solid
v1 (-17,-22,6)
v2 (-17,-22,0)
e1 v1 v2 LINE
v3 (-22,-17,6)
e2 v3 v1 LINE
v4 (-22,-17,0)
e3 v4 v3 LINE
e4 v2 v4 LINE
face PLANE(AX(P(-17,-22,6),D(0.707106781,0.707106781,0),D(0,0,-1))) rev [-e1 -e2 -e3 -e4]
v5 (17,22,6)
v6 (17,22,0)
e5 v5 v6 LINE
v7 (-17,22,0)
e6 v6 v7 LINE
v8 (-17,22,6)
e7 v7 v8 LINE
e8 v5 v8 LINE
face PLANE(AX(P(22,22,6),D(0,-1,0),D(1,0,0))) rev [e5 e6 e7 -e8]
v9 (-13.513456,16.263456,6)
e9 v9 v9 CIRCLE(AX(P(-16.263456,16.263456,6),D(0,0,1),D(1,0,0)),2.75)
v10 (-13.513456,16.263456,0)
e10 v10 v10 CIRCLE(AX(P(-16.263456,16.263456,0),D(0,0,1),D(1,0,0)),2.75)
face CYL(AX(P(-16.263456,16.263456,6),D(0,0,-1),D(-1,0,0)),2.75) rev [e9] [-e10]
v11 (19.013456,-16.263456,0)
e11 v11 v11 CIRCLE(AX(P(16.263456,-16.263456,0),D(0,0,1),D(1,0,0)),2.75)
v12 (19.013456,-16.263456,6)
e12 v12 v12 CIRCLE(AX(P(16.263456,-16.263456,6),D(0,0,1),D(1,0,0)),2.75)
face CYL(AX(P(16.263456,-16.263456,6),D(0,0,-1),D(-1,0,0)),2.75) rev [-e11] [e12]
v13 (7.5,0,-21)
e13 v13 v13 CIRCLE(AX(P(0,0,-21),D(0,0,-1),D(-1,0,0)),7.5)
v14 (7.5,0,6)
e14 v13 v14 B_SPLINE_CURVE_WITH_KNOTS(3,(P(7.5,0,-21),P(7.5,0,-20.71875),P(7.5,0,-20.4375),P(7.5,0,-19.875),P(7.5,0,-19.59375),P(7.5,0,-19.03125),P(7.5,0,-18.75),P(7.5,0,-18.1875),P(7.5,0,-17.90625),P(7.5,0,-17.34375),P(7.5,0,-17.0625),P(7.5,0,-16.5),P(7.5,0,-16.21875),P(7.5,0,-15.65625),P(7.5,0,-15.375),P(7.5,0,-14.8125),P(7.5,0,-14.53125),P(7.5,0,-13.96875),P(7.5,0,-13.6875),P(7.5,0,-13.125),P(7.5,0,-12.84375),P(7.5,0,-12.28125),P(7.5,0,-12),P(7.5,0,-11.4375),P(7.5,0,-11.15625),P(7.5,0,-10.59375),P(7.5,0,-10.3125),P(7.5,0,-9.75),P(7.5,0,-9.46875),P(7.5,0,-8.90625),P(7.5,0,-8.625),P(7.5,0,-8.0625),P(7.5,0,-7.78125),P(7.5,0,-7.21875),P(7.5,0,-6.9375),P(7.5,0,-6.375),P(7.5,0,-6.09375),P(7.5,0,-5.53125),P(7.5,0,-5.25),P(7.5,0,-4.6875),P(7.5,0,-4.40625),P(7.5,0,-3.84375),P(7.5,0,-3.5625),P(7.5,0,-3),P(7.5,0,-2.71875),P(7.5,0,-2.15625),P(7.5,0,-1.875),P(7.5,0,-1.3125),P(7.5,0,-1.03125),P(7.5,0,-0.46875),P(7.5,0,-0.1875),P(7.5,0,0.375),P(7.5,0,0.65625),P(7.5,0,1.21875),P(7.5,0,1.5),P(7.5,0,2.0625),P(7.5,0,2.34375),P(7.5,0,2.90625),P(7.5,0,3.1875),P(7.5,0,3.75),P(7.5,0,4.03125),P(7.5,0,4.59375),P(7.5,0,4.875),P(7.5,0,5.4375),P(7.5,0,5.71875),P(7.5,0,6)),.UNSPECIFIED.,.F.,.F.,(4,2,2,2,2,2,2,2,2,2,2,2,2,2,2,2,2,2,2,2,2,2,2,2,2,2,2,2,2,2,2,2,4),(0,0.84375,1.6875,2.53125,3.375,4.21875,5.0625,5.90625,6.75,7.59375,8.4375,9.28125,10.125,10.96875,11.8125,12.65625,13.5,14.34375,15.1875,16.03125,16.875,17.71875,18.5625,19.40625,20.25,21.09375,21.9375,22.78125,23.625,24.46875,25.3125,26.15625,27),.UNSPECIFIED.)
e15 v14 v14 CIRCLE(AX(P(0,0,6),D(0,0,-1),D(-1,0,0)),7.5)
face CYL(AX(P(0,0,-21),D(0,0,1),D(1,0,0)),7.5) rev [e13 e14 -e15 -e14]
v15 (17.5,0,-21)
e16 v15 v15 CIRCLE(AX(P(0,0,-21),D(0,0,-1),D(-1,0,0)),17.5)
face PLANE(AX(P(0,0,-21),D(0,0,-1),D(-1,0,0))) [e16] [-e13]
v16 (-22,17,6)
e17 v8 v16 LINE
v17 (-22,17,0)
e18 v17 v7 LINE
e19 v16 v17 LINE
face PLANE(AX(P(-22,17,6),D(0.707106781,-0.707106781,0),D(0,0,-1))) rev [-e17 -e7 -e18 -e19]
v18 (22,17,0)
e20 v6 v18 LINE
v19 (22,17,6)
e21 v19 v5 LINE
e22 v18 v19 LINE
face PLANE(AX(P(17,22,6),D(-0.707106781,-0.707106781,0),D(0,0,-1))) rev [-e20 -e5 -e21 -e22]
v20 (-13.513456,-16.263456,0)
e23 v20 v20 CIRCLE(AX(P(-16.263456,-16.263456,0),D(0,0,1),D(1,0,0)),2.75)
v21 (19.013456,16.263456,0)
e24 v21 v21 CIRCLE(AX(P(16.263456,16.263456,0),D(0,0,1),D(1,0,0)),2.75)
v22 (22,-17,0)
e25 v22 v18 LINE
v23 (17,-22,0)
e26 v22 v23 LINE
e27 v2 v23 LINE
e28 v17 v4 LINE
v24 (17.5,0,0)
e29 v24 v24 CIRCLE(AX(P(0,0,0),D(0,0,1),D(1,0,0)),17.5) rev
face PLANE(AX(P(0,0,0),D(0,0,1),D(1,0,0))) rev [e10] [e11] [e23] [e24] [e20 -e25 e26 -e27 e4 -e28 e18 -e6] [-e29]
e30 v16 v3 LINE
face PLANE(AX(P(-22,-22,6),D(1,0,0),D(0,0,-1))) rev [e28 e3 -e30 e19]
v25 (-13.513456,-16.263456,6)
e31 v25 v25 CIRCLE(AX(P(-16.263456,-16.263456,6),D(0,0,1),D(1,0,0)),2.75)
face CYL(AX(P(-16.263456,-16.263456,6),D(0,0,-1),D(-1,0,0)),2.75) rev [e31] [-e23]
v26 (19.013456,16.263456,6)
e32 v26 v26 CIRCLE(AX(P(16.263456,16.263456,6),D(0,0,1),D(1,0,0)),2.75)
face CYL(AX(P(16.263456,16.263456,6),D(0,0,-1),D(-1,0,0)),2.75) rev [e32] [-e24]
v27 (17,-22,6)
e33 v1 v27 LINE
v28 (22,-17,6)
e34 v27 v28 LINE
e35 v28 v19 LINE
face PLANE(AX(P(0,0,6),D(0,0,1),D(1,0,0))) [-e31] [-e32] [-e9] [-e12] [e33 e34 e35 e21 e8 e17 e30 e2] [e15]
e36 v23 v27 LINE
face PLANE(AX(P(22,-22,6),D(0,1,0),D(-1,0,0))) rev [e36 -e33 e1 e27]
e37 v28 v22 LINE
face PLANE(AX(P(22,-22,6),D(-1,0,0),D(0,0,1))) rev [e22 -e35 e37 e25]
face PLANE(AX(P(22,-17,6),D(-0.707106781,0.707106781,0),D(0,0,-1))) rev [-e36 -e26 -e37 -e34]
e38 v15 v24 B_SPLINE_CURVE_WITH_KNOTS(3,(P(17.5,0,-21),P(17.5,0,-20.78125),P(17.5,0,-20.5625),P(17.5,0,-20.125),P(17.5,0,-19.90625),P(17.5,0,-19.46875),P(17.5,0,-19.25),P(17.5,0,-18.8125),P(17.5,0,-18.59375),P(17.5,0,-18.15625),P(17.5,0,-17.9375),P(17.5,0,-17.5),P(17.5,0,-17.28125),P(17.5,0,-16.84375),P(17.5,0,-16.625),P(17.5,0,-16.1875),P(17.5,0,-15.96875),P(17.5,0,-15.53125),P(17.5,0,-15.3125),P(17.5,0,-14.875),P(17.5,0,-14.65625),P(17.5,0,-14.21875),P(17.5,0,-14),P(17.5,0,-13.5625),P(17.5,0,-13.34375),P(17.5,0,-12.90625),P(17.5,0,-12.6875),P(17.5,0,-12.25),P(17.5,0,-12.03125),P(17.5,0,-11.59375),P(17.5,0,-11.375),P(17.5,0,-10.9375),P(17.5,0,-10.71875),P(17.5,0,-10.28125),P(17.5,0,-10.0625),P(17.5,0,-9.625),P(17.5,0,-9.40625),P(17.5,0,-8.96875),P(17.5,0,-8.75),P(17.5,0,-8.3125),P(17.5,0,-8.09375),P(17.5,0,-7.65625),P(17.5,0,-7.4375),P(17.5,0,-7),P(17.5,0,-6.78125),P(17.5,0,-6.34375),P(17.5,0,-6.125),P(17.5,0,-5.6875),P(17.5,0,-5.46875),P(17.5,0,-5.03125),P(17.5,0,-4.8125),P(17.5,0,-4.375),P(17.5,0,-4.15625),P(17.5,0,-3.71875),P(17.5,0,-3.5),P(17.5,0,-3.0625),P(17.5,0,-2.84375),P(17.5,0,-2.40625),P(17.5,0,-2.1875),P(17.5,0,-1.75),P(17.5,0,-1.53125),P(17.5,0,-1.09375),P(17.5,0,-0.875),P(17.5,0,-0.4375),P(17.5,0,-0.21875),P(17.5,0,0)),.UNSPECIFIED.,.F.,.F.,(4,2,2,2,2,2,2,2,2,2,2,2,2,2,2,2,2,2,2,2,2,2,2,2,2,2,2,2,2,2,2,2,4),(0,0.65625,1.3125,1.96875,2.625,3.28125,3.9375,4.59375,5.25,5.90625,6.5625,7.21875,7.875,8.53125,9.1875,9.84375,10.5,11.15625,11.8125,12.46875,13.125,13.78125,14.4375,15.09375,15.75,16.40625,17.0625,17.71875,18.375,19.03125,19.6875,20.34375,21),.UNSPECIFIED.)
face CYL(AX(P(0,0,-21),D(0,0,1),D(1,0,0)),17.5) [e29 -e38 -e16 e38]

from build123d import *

# Parameters (mm, degrees)
SKETCH_1_W          = 44
SKETCH_1_H          = 44
SKETCH_1_R          = 2.75
EXTRUDE_1_DEPTH     = 6
CHAMFER_1_SIZE      = 5
SKETCH_2_R          = 17.5
SKETCH_2_R_2        = 7.5
EXTRUDE_2_DEPTH     = 21
SKETCH_3_R          = 7.5
CUT_EXTRUDE_1_DEPTH = 38.536648758


with BuildPart() as part:
    # 草图1 → 凸台-拉伸1 (new body)
    with BuildSketch(Plane.XY):
        Rectangle(SKETCH_1_W, SKETCH_1_H)
        with Locations((-16.263455967, 16.263455967)):
            Circle(SKETCH_1_R, mode=Mode.SUBTRACT)
        with Locations((16.263455967, 16.263455967)):
            Circle(SKETCH_1_R, mode=Mode.SUBTRACT)
        with Locations((16.263455967, -16.263455967)):
            Circle(SKETCH_1_R, mode=Mode.SUBTRACT)
        with Locations((-16.263455967, -16.263455967)):
            Circle(SKETCH_1_R, mode=Mode.SUBTRACT)
    extrude(amount=EXTRUDE_1_DEPTH)

    # 倒角1
    chamfer_1_edges = [part.edges().sort_by_distance(p)[0] for p in [
        (-22, 22, 3),
        (22, 22, 3),
        (22, -22, 3),
        (-22, -22, 3),
    ]]
    chamfer(chamfer_1_edges, length=CHAMFER_1_SIZE)

    # 草图2 → 凸台-拉伸2 (add)
    with BuildSketch(Plane(origin=(0, 0, 0), x_dir=(-1, 0, 0), z_dir=(0, 0, -1))):
        with Locations(Location((0, 0, 0), (0, 0, 180))):
            Circle(SKETCH_2_R)
        with Locations(Location((0, 0, 0), (0, 0, 180))):
            Circle(SKETCH_2_R_2, mode=Mode.SUBTRACT)
    extrude(amount=EXTRUDE_2_DEPTH)

    # 草图3 → 切除-拉伸1 (cut, through all)
    with BuildSketch(Plane(origin=(0, 0, 0), x_dir=(-1, 0, 0), z_dir=(0, 0, -1))):
        with Locations(Location((0, 0, 0), (0, 0, 180))):
            Circle(SKETCH_3_R)
    extrude(amount=-CUT_EXTRUDE_1_DEPTH, mode=Mode.SUBTRACT)


solid = part.part
